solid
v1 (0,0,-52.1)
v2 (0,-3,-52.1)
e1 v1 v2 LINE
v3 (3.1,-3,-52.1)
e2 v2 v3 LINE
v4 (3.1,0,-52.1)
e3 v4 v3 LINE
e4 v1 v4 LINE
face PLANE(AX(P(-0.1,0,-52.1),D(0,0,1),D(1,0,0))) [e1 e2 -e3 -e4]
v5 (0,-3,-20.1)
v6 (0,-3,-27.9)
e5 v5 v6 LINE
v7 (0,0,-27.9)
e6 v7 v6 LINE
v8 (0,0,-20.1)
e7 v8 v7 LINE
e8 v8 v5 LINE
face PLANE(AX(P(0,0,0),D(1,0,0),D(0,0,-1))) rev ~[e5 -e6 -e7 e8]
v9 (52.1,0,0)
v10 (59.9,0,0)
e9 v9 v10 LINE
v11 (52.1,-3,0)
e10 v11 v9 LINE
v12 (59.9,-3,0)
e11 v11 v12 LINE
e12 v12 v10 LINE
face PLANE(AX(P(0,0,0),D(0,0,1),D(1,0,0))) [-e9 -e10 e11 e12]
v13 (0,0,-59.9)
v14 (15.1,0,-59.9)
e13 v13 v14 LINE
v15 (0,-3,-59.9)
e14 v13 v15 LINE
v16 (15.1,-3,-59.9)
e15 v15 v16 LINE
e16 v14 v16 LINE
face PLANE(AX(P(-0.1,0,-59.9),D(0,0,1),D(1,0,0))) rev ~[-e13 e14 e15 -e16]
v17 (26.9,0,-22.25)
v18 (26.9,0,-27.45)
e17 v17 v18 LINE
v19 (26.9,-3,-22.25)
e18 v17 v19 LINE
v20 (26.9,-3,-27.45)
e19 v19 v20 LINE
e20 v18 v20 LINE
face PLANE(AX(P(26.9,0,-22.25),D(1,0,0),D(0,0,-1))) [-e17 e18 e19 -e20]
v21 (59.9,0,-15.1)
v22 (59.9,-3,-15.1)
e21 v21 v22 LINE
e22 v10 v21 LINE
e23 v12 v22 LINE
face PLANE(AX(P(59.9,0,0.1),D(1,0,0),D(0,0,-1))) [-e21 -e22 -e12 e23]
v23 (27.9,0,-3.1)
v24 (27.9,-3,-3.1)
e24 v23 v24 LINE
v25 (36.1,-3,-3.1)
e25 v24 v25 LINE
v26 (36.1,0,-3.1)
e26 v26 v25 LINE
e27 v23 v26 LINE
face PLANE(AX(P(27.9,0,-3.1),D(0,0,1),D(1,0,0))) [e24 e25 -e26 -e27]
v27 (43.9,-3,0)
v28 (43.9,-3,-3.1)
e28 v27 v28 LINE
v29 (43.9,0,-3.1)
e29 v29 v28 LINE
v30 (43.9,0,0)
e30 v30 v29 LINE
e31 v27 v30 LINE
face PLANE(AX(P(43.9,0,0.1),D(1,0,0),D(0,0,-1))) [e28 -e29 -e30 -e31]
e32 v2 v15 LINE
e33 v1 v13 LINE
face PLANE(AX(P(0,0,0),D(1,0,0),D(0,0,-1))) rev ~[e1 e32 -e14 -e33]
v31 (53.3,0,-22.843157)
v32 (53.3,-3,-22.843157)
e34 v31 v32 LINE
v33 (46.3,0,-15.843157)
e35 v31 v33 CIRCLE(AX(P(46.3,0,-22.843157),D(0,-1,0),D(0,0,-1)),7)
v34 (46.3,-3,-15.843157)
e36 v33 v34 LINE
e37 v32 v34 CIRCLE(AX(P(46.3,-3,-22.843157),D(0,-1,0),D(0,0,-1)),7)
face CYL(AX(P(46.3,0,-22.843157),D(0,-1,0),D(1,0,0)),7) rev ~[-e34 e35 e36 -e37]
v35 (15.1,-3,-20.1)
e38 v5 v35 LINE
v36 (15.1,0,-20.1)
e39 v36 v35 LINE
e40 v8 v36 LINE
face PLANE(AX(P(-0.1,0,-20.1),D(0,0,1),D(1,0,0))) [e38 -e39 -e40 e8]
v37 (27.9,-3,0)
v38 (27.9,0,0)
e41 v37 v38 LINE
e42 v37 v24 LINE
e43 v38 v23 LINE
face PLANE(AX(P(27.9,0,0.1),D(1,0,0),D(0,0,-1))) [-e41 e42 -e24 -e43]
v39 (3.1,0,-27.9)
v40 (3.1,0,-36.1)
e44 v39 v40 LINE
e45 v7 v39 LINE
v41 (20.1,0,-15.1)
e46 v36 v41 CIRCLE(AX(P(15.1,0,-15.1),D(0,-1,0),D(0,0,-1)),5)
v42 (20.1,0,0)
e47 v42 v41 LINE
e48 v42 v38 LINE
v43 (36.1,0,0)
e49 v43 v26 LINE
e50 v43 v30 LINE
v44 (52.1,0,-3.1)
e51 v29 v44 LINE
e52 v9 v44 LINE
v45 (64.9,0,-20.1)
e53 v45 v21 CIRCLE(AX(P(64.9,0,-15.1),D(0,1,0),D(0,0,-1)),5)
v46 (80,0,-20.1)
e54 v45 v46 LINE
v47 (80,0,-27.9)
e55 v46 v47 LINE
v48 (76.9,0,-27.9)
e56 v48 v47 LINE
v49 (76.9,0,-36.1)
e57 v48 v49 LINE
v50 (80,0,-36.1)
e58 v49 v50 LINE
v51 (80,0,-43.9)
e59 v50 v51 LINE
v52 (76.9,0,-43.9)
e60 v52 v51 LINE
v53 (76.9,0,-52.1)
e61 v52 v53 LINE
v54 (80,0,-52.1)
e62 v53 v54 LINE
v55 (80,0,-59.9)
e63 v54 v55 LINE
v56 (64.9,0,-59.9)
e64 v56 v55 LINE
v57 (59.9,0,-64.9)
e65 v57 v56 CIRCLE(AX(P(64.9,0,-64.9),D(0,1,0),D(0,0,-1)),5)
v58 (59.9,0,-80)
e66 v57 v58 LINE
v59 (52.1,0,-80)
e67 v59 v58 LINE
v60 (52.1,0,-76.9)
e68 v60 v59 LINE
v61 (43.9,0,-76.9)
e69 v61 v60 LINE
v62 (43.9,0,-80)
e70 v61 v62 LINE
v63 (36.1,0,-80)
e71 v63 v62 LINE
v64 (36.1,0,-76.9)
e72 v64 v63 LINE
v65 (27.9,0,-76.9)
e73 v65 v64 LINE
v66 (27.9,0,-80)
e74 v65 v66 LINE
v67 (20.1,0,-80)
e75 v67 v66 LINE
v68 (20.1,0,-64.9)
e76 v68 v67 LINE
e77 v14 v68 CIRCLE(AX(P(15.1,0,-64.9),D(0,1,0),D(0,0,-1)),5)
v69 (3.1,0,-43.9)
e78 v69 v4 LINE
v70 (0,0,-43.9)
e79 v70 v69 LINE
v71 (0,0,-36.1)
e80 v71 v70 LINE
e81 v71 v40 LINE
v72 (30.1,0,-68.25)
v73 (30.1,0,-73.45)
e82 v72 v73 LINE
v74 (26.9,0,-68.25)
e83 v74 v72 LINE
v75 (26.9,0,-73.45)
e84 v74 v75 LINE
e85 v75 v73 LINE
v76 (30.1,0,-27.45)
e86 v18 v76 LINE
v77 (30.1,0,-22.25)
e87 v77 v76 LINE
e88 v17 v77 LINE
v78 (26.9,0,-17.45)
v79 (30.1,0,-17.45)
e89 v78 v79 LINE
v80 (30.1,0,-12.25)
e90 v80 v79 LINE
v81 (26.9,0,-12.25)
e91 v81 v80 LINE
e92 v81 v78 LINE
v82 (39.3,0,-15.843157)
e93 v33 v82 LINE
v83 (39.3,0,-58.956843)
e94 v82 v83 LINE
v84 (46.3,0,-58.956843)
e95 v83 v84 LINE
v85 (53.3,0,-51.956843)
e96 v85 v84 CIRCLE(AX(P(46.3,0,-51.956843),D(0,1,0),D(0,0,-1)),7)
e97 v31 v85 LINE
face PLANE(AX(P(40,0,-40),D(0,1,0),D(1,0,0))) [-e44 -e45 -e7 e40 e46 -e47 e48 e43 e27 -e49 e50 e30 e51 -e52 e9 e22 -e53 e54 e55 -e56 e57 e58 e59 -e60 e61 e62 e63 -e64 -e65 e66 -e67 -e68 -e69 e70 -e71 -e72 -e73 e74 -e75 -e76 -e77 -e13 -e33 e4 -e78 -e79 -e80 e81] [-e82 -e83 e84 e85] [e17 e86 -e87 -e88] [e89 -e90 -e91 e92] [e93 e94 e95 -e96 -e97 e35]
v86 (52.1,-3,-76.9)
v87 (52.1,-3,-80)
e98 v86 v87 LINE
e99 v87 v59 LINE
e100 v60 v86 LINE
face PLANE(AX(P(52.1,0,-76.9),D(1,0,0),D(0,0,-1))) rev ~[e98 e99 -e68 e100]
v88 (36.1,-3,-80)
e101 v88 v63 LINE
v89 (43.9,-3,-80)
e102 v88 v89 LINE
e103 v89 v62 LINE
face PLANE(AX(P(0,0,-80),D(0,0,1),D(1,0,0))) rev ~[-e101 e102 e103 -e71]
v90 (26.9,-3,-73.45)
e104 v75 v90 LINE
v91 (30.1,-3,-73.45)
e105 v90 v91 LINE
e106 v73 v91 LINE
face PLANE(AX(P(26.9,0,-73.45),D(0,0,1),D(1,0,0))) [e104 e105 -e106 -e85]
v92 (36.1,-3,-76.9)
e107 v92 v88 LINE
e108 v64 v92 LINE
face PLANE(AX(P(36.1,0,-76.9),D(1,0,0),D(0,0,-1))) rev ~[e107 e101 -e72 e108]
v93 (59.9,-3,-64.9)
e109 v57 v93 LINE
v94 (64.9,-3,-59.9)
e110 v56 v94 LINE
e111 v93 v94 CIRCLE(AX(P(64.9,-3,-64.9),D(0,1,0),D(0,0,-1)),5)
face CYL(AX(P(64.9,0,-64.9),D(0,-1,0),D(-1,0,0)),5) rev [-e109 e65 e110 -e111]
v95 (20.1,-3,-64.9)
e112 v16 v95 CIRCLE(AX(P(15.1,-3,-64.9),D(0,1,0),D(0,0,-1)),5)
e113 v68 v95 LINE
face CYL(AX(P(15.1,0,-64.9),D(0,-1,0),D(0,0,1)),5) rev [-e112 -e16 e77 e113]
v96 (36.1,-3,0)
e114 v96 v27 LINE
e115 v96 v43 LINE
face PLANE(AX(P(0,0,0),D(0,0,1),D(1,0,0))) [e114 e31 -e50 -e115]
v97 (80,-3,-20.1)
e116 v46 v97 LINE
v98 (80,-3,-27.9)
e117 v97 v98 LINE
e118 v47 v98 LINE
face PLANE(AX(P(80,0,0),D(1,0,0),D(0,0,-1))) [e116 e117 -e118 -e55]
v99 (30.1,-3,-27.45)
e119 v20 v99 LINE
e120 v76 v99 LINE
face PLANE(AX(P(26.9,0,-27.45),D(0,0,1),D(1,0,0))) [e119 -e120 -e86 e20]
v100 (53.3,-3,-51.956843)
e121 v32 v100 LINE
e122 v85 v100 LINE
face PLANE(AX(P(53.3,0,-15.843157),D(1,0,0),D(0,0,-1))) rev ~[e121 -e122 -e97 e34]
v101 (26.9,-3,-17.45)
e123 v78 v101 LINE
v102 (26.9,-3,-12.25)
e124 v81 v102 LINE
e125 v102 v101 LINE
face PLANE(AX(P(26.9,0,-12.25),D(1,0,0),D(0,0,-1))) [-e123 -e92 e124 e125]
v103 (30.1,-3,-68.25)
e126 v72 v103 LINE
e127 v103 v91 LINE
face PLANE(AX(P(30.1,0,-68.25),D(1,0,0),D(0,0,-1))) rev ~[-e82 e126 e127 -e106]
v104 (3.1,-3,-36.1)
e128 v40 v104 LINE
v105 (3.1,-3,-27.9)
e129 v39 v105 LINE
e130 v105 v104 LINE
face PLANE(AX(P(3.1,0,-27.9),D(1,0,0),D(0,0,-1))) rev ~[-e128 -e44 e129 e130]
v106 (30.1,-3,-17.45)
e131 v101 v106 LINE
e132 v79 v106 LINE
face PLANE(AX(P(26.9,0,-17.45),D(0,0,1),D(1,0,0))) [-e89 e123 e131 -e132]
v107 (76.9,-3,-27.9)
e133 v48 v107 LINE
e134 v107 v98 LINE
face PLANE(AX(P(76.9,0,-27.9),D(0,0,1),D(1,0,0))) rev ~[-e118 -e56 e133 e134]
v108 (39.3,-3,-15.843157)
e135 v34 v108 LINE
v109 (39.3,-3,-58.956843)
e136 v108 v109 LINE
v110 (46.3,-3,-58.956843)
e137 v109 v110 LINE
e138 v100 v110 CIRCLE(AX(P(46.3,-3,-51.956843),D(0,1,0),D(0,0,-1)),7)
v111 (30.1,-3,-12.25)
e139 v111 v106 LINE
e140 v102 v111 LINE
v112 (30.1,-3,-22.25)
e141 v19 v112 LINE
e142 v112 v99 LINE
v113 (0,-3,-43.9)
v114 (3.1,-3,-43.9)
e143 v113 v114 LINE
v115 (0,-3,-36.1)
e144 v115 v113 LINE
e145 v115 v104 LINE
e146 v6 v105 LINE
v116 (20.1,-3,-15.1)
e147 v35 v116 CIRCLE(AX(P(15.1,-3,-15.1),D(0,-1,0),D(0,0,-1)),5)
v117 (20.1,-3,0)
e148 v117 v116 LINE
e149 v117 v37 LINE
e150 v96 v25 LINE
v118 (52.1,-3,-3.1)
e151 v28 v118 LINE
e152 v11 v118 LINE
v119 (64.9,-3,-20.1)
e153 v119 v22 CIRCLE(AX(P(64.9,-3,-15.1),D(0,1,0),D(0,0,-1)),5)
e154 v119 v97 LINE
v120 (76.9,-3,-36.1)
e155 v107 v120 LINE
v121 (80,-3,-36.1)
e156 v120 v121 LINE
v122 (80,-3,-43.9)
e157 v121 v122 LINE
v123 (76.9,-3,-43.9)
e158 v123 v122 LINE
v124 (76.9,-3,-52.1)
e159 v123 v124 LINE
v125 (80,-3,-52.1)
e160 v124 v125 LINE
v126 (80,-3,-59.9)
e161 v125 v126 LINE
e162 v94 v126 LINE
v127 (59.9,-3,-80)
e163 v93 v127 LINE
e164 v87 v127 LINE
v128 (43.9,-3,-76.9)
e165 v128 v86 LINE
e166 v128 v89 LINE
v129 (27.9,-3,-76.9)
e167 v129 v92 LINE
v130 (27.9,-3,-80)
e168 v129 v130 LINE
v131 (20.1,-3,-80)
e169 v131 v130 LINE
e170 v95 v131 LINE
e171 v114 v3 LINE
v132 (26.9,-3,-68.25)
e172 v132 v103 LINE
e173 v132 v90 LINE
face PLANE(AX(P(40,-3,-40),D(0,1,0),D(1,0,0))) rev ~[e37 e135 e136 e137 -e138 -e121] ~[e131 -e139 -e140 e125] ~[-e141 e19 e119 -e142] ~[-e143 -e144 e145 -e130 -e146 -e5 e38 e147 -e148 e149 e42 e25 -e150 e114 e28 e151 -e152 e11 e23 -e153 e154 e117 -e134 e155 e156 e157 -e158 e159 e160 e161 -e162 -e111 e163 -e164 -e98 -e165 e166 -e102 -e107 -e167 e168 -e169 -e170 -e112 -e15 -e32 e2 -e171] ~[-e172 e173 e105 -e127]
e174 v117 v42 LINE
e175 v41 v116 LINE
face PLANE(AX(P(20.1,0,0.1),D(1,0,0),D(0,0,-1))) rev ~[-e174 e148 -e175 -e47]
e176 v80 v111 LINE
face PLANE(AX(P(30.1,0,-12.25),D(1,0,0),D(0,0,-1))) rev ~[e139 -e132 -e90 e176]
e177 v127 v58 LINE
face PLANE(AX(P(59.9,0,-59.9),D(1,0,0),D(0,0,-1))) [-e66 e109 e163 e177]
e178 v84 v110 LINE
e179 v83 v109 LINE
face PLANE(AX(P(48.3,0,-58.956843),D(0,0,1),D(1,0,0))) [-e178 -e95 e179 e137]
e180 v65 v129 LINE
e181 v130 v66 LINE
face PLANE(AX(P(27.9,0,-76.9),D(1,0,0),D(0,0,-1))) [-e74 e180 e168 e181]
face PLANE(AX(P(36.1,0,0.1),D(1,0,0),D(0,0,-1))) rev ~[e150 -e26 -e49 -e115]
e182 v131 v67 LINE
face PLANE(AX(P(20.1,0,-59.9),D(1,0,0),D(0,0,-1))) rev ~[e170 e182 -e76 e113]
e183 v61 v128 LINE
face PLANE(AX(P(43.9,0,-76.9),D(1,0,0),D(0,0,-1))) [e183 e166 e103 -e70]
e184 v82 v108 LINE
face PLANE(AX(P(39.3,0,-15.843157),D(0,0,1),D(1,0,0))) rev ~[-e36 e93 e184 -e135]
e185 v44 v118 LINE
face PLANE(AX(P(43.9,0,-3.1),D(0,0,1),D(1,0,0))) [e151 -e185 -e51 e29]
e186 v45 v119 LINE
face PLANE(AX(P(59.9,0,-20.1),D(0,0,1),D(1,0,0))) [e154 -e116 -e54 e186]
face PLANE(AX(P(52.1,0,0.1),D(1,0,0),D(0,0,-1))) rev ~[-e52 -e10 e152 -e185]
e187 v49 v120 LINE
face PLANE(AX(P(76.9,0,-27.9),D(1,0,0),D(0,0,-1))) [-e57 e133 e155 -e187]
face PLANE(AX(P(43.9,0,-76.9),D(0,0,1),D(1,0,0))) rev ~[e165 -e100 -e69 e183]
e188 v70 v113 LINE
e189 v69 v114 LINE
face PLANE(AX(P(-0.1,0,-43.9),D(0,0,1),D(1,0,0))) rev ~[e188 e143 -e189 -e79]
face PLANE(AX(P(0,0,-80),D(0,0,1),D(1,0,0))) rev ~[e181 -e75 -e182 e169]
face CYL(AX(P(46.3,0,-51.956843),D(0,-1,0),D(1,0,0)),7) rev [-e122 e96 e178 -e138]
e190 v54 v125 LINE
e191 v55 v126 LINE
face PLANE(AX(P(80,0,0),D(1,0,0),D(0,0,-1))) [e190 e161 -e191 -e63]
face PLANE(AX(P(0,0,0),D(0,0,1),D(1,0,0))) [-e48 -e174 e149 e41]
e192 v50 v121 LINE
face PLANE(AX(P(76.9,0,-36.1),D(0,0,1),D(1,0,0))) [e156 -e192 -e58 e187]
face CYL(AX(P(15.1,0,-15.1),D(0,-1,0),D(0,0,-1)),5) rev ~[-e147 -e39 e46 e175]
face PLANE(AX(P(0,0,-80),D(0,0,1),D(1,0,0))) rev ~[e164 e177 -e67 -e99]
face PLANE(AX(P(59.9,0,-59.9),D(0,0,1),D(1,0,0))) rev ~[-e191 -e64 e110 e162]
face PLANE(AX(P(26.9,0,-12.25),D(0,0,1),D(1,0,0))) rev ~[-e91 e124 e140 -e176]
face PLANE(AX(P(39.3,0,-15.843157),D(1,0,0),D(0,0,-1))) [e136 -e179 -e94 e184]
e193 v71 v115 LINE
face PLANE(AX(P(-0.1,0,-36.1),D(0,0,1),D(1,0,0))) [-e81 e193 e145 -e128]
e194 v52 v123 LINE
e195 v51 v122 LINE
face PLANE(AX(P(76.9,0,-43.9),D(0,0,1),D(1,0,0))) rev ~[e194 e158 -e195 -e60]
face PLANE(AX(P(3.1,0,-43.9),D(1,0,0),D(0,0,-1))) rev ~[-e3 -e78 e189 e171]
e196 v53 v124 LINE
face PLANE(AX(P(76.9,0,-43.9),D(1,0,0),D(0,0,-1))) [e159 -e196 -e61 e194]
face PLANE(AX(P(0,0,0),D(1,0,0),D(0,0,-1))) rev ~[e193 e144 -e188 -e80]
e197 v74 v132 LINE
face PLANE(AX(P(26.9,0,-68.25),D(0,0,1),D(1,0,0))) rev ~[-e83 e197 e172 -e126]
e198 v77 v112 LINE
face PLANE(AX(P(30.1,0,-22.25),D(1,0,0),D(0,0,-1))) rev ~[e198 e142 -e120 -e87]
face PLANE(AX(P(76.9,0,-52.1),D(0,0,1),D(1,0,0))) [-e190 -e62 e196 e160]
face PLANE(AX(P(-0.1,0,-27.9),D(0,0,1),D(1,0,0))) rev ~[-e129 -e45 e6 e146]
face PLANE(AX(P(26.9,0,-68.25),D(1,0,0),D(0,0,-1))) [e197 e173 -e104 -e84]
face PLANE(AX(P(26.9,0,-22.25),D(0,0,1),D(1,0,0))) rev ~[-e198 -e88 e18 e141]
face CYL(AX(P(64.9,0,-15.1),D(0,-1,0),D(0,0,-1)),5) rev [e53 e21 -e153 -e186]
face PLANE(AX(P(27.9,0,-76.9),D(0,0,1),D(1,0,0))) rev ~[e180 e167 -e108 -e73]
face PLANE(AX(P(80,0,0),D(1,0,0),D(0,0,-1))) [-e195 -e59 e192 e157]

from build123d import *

# Parameters (mm, degrees)
SKETCH1_W           = 80
SKETCH1_H           = 80
SKETCH1_W_2         = 9
SKETCH1_H_2         = 43.113686922
BOSS_EXTRUDE1_DEPTH = 3
SKETCH3_W           = 8.2
SKETCH3_H           = 3.2
SKETCH3_W_2         = 3.2
SKETCH3_H_2         = 8.2
SKETCH3_W_3         = 20.2
SKETCH3_H_3         = 20.2
SKETCH3_H_4         = 5.2
CUT_EXTRUDE1_DEPTH  = 4
FILLET1_R           = 5
SKETCH4_W           = 5
SKETCH4_H           = 43.113686922
CUT_EXTRUDE2_DEPTH  = 4
FILLET2_R           = 7


with BuildPart() as part:
    # Sketch1 → Boss-Extrude1 (new body)
    with BuildSketch(Plane(origin=(0, 0, 0), x_dir=(1, 0, 0), z_dir=(0, 1, 0))):
        with Locations((40, 40)):
            Rectangle(SKETCH1_W, SKETCH1_H)
        with Locations((43.8, 37.4)):
            Rectangle(SKETCH1_W_2, SKETCH1_H_2, mode=Mode.SUBTRACT)
    extrude(amount=-BOSS_EXTRUDE1_DEPTH)

    # Sketch3 → Cut-Extrude1 (cut, through all)
    with BuildSketch(Plane(origin=(0, 0, 0), x_dir=(1, 0, 0), z_dir=(0, 1, 0))):
        with Locations((32, 1.5)):
            Rectangle(SKETCH3_W, SKETCH3_H)
        with Locations((78.5, 32)):
            Rectangle(SKETCH3_W_2, SKETCH3_H_2)
        with Locations((48, 1.5)):
            Rectangle(SKETCH3_W, SKETCH3_H)
        with Locations((1.5, 32)):
            Rectangle(SKETCH3_W_2, SKETCH3_H_2)
        with Locations((10, 10)):
            Rectangle(SKETCH3_W_3, SKETCH3_H_3)
        with Locations((70, 10)):
            Rectangle(SKETCH3_W_3, SKETCH3_H_3)
        with Locations((32, 78.5)):
            Rectangle(SKETCH3_W, SKETCH3_H)
        with Locations((1.5, 48)):
            Rectangle(SKETCH3_W_2, SKETCH3_H_2)
        with Locations((10, 70)):
            Rectangle(SKETCH3_W_3, SKETCH3_H_3)
        with Locations((78.5, 48)):
            Rectangle(SKETCH3_W_2, SKETCH3_H_2)
        with Locations((70, 70)):
            Rectangle(SKETCH3_W_3, SKETCH3_H_3)
        with Locations((48, 78.5)):
            Rectangle(SKETCH3_W, SKETCH3_H)
        with Locations((28.5, 14.85)):
            Rectangle(SKETCH3_W_2, SKETCH3_H_4)
        with Locations((28.5, 24.85)):
            Rectangle(SKETCH3_W_2, SKETCH3_H_4)
        with Locations((28.5, 70.85)):
            Rectangle(SKETCH3_W_2, SKETCH3_H_4)
    extrude(amount=-CUT_EXTRUDE1_DEPTH, mode=Mode.SUBTRACT)

    # Fillet1
    fillet1_edges = [part.edges().sort_by_distance(p)[0] for p in [
        (20.1, -1.5, -20.1),
        (59.9, -1.5, -20.1),
        (20.1, -1.5, -59.9),
        (59.9, -1.5, -59.9),
    ]]
    fillet(fillet1_edges, radius=FILLET1_R)

    # Sketch4 → Cut-Extrude2 (cut, through all)
    with BuildSketch(Plane(origin=(0, 0, 0), x_dir=(1, 0, 0), z_dir=(0, 1, 0))):
        with Locations((50.8, 37.4)):
            Rectangle(SKETCH4_W, SKETCH4_H)
    extrude(amount=-CUT_EXTRUDE2_DEPTH, mode=Mode.SUBTRACT)

    # Fillet2
    fillet2_edges = [part.edges().sort_by_distance(p)[0] for p in [
        (53.3, -1.5, -58.956843461),
        (53.3, -1.5, -15.843156539),
    ]]
    fillet(fillet2_edges, radius=FILLET2_R)


solid = part.part
